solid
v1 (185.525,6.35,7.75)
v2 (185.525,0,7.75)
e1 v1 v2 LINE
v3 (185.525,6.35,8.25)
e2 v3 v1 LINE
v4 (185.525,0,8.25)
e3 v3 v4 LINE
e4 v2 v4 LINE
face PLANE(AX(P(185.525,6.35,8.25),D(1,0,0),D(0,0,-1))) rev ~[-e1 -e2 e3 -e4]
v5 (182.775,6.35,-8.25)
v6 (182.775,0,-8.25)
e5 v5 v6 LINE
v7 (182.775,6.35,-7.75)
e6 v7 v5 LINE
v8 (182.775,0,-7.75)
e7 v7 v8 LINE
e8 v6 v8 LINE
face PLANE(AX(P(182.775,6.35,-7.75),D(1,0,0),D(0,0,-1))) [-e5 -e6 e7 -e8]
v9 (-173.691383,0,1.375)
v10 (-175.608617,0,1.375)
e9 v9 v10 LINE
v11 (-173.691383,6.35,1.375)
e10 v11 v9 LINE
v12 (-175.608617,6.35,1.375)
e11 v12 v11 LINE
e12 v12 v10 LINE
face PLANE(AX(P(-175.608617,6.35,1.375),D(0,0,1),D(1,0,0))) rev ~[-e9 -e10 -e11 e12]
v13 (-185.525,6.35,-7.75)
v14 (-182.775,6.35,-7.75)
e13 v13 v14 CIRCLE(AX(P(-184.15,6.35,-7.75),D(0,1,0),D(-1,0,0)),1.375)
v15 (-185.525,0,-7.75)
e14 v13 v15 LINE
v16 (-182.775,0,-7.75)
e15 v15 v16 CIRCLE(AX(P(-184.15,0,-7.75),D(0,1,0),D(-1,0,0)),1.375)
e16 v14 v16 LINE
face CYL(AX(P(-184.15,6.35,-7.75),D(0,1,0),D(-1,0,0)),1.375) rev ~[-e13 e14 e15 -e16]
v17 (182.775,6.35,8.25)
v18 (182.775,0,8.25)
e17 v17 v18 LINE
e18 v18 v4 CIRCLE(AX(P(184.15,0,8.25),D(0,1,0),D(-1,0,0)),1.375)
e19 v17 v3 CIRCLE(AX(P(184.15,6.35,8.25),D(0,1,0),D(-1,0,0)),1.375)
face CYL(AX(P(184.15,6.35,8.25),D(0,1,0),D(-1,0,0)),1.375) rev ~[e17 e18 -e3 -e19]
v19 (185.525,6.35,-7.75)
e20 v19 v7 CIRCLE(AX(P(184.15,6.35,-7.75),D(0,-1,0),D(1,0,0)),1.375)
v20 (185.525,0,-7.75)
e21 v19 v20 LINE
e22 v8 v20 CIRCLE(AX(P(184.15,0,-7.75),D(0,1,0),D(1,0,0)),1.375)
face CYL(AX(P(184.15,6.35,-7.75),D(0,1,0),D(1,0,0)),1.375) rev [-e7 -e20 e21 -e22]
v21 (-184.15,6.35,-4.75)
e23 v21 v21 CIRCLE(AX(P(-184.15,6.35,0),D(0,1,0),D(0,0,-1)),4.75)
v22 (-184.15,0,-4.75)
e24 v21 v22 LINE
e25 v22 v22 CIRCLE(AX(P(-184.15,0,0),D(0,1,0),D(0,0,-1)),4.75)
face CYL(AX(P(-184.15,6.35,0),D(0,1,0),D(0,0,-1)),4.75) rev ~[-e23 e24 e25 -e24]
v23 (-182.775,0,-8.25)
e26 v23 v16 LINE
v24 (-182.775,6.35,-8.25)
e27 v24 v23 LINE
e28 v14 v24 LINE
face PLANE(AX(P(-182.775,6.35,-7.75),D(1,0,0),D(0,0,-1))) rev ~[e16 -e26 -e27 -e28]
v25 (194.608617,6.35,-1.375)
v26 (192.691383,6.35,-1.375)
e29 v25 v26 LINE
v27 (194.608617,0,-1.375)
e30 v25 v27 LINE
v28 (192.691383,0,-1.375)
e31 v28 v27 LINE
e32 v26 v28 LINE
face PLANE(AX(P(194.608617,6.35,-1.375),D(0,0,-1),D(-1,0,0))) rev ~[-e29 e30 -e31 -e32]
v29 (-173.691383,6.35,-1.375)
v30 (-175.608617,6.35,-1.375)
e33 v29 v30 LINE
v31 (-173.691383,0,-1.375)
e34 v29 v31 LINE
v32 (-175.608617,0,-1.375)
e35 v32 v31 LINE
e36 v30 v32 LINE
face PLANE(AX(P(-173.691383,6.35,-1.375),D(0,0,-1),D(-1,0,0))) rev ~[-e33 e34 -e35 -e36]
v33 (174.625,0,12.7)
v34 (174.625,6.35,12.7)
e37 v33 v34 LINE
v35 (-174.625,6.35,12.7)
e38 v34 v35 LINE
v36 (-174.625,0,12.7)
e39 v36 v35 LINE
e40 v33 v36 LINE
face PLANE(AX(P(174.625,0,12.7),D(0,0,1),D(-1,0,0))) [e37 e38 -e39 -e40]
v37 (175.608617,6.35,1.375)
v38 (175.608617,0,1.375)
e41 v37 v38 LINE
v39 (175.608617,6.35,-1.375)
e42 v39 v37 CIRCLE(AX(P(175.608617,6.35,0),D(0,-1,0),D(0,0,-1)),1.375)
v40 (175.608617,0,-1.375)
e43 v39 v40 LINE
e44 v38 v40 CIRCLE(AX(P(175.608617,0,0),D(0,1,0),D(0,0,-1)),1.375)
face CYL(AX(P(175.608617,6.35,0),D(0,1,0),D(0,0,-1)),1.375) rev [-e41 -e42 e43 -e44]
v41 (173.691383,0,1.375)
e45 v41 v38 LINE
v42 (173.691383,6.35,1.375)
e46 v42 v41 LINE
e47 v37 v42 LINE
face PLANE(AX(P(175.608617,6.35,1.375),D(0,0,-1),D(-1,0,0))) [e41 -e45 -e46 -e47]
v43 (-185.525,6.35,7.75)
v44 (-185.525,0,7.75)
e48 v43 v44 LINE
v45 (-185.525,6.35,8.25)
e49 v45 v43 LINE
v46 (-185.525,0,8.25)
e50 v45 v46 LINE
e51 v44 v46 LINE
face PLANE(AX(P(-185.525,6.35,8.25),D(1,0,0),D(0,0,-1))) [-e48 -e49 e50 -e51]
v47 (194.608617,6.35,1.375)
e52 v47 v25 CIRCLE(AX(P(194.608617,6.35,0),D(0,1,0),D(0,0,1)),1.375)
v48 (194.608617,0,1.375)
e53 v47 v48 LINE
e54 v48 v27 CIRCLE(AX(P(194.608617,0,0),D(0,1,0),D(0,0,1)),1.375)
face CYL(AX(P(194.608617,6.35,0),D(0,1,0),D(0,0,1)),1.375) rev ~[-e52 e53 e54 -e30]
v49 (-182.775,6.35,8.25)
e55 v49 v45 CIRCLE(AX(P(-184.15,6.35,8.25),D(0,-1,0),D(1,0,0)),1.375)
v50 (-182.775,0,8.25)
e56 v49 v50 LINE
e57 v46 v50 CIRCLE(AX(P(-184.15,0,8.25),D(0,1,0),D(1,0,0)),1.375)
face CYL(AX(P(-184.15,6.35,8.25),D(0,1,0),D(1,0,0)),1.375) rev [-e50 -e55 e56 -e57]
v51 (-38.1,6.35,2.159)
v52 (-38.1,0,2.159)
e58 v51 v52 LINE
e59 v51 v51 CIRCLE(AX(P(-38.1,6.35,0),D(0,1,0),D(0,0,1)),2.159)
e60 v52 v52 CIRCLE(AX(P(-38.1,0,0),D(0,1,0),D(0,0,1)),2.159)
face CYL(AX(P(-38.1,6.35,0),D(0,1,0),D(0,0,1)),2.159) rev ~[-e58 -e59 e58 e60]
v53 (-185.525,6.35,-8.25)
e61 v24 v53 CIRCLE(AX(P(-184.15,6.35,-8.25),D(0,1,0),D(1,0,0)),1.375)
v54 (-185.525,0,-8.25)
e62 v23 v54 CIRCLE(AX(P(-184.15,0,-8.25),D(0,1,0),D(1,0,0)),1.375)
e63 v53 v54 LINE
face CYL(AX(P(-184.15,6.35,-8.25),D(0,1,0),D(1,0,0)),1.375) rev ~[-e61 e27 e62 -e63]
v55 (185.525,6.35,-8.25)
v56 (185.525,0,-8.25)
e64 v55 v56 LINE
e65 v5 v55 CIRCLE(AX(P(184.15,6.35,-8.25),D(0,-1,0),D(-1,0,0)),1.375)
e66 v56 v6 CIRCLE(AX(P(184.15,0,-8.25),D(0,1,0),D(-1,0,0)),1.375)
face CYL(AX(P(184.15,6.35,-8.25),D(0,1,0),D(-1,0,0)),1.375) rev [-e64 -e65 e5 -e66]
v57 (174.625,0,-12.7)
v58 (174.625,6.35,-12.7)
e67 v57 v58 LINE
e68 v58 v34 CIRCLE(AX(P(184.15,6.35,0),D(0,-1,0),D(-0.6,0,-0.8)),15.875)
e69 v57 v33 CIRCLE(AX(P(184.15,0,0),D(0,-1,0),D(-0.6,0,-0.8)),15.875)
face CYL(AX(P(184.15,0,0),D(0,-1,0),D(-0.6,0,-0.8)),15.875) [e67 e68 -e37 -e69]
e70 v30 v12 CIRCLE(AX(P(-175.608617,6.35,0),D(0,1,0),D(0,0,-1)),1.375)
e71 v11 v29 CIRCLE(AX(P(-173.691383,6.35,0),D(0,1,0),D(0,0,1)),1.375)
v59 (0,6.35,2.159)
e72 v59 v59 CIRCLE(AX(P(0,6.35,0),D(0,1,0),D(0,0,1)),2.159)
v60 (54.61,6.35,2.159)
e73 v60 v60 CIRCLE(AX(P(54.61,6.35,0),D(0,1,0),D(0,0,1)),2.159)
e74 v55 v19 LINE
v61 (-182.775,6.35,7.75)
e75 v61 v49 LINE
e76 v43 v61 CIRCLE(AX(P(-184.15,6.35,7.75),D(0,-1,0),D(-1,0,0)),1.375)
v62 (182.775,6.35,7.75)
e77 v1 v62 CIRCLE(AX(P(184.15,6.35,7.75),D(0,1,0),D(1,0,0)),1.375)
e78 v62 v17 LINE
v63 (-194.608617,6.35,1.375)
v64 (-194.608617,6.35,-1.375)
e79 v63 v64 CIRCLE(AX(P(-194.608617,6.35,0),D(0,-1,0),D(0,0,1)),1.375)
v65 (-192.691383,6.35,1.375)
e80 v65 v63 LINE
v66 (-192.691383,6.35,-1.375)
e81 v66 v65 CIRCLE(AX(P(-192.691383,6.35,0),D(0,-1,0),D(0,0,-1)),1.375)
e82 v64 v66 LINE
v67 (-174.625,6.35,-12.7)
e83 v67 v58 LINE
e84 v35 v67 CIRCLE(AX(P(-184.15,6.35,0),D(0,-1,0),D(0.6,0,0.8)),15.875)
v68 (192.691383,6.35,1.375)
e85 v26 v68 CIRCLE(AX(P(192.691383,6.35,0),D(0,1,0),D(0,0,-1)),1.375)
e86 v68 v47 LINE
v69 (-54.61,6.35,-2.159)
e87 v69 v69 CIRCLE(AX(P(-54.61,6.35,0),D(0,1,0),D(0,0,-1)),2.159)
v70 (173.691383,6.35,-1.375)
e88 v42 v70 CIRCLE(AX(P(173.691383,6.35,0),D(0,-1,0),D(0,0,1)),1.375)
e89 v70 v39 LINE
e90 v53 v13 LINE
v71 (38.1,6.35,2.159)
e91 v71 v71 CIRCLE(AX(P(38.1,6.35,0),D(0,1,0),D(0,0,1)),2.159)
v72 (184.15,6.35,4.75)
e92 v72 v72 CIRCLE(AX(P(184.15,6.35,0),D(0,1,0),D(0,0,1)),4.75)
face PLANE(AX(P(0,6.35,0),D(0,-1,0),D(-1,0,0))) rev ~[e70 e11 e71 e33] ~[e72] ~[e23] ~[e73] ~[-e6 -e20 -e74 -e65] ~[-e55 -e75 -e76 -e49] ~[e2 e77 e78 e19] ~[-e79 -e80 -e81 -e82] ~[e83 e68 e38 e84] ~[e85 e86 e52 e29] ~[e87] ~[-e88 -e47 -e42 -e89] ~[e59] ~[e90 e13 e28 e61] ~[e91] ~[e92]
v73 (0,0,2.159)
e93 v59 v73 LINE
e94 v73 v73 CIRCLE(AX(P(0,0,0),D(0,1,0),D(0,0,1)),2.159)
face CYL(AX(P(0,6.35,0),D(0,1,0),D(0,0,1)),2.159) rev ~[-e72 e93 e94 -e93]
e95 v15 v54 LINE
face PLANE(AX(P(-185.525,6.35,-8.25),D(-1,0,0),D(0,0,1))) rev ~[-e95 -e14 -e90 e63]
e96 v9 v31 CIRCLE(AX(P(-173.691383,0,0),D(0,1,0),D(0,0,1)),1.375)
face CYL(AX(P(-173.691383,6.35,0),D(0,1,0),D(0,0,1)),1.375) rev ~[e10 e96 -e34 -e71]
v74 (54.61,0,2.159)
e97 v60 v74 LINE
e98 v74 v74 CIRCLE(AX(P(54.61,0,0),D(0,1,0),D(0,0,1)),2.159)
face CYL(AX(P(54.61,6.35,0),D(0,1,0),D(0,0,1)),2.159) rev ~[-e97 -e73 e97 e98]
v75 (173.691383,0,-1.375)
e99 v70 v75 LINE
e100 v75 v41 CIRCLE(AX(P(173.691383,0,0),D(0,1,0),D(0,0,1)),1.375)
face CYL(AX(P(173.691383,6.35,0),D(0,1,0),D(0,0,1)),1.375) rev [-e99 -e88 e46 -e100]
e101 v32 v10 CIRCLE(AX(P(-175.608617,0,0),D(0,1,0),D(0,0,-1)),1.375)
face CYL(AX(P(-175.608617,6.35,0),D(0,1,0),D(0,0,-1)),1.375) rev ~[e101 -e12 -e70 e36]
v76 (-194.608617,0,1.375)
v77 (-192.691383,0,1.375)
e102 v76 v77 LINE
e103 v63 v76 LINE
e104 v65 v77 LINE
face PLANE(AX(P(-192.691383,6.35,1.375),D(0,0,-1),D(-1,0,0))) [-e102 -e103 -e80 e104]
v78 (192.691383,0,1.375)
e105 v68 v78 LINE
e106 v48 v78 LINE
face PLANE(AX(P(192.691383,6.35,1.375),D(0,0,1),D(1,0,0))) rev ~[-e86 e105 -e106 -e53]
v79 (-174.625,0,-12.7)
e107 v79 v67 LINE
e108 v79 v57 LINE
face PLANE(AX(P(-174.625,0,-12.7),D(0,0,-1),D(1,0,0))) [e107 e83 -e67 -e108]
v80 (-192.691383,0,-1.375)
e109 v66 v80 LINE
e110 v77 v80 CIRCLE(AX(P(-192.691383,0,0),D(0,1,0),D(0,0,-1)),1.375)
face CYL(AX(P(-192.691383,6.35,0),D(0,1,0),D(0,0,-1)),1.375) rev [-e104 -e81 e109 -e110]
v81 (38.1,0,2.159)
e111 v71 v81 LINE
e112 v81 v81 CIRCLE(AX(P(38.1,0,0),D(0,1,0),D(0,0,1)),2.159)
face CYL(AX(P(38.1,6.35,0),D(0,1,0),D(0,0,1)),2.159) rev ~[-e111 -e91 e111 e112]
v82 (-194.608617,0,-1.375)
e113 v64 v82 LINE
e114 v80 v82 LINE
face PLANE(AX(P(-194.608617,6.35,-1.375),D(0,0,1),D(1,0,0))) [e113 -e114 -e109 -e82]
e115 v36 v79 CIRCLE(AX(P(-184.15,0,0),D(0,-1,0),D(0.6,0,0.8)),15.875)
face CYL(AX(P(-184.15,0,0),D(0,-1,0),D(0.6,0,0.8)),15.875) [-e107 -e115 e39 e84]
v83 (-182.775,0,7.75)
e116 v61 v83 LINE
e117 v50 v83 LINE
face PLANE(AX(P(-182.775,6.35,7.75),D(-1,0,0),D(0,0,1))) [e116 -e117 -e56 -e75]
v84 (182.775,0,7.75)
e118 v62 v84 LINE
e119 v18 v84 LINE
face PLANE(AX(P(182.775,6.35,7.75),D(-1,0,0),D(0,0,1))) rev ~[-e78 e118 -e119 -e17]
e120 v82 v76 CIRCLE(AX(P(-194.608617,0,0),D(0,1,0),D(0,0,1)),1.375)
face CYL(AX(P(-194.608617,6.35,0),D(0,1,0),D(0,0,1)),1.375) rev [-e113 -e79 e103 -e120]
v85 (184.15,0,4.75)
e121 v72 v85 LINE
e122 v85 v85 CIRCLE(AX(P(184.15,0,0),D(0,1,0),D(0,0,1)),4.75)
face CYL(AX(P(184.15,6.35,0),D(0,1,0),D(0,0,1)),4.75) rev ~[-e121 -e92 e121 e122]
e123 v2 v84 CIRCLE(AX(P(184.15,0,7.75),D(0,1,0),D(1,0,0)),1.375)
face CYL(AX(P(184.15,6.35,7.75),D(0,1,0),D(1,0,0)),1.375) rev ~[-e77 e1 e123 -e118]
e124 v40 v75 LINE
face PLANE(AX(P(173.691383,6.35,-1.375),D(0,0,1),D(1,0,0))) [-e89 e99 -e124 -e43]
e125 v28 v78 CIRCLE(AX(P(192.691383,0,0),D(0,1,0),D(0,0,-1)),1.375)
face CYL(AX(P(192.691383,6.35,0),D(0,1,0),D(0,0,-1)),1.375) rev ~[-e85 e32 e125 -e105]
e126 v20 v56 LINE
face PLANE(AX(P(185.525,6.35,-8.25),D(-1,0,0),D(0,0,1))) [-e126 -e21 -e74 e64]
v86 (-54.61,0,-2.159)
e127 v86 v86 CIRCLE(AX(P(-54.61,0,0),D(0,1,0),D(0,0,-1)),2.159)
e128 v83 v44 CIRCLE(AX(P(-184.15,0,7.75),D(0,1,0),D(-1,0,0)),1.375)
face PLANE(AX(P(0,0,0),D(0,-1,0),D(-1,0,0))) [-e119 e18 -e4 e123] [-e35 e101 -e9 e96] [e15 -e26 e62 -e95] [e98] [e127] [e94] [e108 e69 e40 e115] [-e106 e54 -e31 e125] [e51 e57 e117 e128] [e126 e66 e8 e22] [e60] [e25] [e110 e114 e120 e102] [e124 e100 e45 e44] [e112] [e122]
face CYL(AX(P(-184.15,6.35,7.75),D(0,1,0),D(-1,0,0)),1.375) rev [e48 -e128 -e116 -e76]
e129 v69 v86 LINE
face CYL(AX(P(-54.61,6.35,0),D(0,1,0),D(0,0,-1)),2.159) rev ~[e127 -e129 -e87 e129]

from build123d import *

# Parameters (mm, degrees)
BOSS_EXTRUDE1_DEPTH = 6.35
SKETCH2_R           = 4.75
CUT_EXTRUDE1_DEPTH  = 201.754423986
SKETCH3_R           = 2.159
CUT_EXTRUDE2_DEPTH  = 201.754423986
SKETCH4_R           = 2.159
CUT_EXTRUDE3_DEPTH  = 201.754423986


with BuildPart() as part:
    # Sketch1 → Boss-Extrude1 (new body)
    with BuildSketch(Plane(origin=(0, 0, 0), x_dir=(1, 0, 0), z_dir=(0, 1, 0))):
        with BuildLine():
            Line((-174.625, 12.7), (174.625, 12.7))
            ThreePointArc((174.625, 12.7), (200.025, 0), (174.625, -12.7))
            Line((174.625, -12.7), (-174.625, -12.7))
            ThreePointArc((-174.625, -12.7), (-200.025, 0), (-174.625, 12.7))
        make_face()
    extrude(amount=BOSS_EXTRUDE1_DEPTH)

    # Sketch2 → Cut-Extrude1 (cut, through all)
    with BuildSketch(Plane(origin=(0, 6.35, 0), x_dir=(1, 0, 0), z_dir=(0, 1, 0))):
        with Locations(Location((184.15, 0, 0), (0, 0, 270))):
            Circle(SKETCH2_R)
        with Locations(Location((-184.15, 0, 0), (0, 0, 90))):
            Circle(SKETCH2_R)
        with BuildLine():
            Line((173.691383345, 1.375), (175.608616655, 1.375))
            ThreePointArc((175.608616655, 1.375), (176.983616655, 0), (175.608616655, -1.375))
            Line((175.608616655, -1.375), (173.691383345, -1.375))
            ThreePointArc((173.691383345, -1.375), (172.316383345, 0), (173.691383345, 1.375))
        make_face()
        with BuildLine():
            Line((194.608616655, 1.375), (192.691383345, 1.375))
            ThreePointArc((192.691383345, 1.375), (191.316383345, 0), (192.691383345, -1.375))
            Line((192.691383345, -1.375), (194.608616655, -1.375))
            ThreePointArc((194.608616655, -1.375), (195.983616655, 0), (194.608616655, 1.375))
        make_face()
        with BuildLine():
            Line((185.525, 8.25), (185.525, 7.75))
            ThreePointArc((185.525, 7.75), (184.15, 6.375), (182.775, 7.75))
            Line((182.775, 7.75), (182.775, 8.25))
            ThreePointArc((182.775, 8.25), (184.15, 9.625), (185.525, 8.25))
        make_face()
        with BuildLine():
            Line((185.525, -8.25), (185.525, -7.75))
            ThreePointArc((185.525, -7.75), (184.15, -6.375), (182.775, -7.75))
            Line((182.775, -7.75), (182.775, -8.25))
            ThreePointArc((182.775, -8.25), (184.15, -9.625), (185.525, -8.25))
        make_face()
        with BuildLine():
            Line((-185.525, -8.25), (-185.525, -7.75))
            ThreePointArc((-185.525, -7.75), (-184.15, -6.375), (-182.775, -7.75))
            Line((-182.775, -7.75), (-182.775, -8.25))
            ThreePointArc((-182.775, -8.25), (-184.15, -9.625), (-185.525, -8.25))
        make_face()
        with BuildLine():
            Line((-185.525, 8.25), (-185.525, 7.75))
            ThreePointArc((-185.525, 7.75), (-184.15, 6.375), (-182.775, 7.75))
            Line((-182.775, 7.75), (-182.775, 8.25))
            ThreePointArc((-182.775, 8.25), (-184.15, 9.625), (-185.525, 8.25))
        make_face()
        with BuildLine():
            Line((-194.608616655, 1.375), (-192.691383345, 1.375))
            ThreePointArc((-192.691383345, 1.375), (-191.316383345, 0), (-192.691383345, -1.375))
            Line((-192.691383345, -1.375), (-194.608616655, -1.375))
            ThreePointArc((-194.608616655, -1.375), (-195.983616655, 0), (-194.608616655, 1.375))
        make_face()
        with BuildLine():
            Line((-173.691383345, 1.375), (-175.608616655, 1.375))
            ThreePointArc((-175.608616655, 1.375), (-176.983616655, 0), (-175.608616655, -1.375))
            Line((-175.608616655, -1.375), (-173.691383345, -1.375))
            ThreePointArc((-173.691383345, -1.375), (-172.316383345, 0), (-173.691383345, 1.375))
        make_face()
    extrude(amount=-CUT_EXTRUDE1_DEPTH, mode=Mode.SUBTRACT)

    # Sketch3 → Cut-Extrude2 (cut, through all)
    with BuildSketch(Plane(origin=(0, 6.35, 0), x_dir=(1, 0, 0), z_dir=(0, 1, 0))):
        with Locations(Location((0, 0, 0), (0, 0, 270))):
            Circle(SKETCH3_R)
        with Locations(Location((38.1, 0, 0), (0, 0, 270))):
            Circle(SKETCH3_R)
        with Locations(Location((-38.1, 0, 0), (0, 0, 270))):
            Circle(SKETCH3_R)
    extrude(amount=-CUT_EXTRUDE2_DEPTH, mode=Mode.SUBTRACT)

    # Sketch4 → Cut-Extrude3 (cut, through all)
    with BuildSketch(Plane(origin=(0, 6.35, 0), x_dir=(1, 0, 0), z_dir=(0, 1, 0))):
        with Locations(Location((54.61, 0, 0), (0, 0, 270))):
            Circle(SKETCH4_R)
        with Locations(Location((-54.61, 0, 0), (0, 0, 90))):
            Circle(SKETCH4_R)
    extrude(amount=-CUT_EXTRUDE3_DEPTH, mode=Mode.SUBTRACT)


solid = part.part
